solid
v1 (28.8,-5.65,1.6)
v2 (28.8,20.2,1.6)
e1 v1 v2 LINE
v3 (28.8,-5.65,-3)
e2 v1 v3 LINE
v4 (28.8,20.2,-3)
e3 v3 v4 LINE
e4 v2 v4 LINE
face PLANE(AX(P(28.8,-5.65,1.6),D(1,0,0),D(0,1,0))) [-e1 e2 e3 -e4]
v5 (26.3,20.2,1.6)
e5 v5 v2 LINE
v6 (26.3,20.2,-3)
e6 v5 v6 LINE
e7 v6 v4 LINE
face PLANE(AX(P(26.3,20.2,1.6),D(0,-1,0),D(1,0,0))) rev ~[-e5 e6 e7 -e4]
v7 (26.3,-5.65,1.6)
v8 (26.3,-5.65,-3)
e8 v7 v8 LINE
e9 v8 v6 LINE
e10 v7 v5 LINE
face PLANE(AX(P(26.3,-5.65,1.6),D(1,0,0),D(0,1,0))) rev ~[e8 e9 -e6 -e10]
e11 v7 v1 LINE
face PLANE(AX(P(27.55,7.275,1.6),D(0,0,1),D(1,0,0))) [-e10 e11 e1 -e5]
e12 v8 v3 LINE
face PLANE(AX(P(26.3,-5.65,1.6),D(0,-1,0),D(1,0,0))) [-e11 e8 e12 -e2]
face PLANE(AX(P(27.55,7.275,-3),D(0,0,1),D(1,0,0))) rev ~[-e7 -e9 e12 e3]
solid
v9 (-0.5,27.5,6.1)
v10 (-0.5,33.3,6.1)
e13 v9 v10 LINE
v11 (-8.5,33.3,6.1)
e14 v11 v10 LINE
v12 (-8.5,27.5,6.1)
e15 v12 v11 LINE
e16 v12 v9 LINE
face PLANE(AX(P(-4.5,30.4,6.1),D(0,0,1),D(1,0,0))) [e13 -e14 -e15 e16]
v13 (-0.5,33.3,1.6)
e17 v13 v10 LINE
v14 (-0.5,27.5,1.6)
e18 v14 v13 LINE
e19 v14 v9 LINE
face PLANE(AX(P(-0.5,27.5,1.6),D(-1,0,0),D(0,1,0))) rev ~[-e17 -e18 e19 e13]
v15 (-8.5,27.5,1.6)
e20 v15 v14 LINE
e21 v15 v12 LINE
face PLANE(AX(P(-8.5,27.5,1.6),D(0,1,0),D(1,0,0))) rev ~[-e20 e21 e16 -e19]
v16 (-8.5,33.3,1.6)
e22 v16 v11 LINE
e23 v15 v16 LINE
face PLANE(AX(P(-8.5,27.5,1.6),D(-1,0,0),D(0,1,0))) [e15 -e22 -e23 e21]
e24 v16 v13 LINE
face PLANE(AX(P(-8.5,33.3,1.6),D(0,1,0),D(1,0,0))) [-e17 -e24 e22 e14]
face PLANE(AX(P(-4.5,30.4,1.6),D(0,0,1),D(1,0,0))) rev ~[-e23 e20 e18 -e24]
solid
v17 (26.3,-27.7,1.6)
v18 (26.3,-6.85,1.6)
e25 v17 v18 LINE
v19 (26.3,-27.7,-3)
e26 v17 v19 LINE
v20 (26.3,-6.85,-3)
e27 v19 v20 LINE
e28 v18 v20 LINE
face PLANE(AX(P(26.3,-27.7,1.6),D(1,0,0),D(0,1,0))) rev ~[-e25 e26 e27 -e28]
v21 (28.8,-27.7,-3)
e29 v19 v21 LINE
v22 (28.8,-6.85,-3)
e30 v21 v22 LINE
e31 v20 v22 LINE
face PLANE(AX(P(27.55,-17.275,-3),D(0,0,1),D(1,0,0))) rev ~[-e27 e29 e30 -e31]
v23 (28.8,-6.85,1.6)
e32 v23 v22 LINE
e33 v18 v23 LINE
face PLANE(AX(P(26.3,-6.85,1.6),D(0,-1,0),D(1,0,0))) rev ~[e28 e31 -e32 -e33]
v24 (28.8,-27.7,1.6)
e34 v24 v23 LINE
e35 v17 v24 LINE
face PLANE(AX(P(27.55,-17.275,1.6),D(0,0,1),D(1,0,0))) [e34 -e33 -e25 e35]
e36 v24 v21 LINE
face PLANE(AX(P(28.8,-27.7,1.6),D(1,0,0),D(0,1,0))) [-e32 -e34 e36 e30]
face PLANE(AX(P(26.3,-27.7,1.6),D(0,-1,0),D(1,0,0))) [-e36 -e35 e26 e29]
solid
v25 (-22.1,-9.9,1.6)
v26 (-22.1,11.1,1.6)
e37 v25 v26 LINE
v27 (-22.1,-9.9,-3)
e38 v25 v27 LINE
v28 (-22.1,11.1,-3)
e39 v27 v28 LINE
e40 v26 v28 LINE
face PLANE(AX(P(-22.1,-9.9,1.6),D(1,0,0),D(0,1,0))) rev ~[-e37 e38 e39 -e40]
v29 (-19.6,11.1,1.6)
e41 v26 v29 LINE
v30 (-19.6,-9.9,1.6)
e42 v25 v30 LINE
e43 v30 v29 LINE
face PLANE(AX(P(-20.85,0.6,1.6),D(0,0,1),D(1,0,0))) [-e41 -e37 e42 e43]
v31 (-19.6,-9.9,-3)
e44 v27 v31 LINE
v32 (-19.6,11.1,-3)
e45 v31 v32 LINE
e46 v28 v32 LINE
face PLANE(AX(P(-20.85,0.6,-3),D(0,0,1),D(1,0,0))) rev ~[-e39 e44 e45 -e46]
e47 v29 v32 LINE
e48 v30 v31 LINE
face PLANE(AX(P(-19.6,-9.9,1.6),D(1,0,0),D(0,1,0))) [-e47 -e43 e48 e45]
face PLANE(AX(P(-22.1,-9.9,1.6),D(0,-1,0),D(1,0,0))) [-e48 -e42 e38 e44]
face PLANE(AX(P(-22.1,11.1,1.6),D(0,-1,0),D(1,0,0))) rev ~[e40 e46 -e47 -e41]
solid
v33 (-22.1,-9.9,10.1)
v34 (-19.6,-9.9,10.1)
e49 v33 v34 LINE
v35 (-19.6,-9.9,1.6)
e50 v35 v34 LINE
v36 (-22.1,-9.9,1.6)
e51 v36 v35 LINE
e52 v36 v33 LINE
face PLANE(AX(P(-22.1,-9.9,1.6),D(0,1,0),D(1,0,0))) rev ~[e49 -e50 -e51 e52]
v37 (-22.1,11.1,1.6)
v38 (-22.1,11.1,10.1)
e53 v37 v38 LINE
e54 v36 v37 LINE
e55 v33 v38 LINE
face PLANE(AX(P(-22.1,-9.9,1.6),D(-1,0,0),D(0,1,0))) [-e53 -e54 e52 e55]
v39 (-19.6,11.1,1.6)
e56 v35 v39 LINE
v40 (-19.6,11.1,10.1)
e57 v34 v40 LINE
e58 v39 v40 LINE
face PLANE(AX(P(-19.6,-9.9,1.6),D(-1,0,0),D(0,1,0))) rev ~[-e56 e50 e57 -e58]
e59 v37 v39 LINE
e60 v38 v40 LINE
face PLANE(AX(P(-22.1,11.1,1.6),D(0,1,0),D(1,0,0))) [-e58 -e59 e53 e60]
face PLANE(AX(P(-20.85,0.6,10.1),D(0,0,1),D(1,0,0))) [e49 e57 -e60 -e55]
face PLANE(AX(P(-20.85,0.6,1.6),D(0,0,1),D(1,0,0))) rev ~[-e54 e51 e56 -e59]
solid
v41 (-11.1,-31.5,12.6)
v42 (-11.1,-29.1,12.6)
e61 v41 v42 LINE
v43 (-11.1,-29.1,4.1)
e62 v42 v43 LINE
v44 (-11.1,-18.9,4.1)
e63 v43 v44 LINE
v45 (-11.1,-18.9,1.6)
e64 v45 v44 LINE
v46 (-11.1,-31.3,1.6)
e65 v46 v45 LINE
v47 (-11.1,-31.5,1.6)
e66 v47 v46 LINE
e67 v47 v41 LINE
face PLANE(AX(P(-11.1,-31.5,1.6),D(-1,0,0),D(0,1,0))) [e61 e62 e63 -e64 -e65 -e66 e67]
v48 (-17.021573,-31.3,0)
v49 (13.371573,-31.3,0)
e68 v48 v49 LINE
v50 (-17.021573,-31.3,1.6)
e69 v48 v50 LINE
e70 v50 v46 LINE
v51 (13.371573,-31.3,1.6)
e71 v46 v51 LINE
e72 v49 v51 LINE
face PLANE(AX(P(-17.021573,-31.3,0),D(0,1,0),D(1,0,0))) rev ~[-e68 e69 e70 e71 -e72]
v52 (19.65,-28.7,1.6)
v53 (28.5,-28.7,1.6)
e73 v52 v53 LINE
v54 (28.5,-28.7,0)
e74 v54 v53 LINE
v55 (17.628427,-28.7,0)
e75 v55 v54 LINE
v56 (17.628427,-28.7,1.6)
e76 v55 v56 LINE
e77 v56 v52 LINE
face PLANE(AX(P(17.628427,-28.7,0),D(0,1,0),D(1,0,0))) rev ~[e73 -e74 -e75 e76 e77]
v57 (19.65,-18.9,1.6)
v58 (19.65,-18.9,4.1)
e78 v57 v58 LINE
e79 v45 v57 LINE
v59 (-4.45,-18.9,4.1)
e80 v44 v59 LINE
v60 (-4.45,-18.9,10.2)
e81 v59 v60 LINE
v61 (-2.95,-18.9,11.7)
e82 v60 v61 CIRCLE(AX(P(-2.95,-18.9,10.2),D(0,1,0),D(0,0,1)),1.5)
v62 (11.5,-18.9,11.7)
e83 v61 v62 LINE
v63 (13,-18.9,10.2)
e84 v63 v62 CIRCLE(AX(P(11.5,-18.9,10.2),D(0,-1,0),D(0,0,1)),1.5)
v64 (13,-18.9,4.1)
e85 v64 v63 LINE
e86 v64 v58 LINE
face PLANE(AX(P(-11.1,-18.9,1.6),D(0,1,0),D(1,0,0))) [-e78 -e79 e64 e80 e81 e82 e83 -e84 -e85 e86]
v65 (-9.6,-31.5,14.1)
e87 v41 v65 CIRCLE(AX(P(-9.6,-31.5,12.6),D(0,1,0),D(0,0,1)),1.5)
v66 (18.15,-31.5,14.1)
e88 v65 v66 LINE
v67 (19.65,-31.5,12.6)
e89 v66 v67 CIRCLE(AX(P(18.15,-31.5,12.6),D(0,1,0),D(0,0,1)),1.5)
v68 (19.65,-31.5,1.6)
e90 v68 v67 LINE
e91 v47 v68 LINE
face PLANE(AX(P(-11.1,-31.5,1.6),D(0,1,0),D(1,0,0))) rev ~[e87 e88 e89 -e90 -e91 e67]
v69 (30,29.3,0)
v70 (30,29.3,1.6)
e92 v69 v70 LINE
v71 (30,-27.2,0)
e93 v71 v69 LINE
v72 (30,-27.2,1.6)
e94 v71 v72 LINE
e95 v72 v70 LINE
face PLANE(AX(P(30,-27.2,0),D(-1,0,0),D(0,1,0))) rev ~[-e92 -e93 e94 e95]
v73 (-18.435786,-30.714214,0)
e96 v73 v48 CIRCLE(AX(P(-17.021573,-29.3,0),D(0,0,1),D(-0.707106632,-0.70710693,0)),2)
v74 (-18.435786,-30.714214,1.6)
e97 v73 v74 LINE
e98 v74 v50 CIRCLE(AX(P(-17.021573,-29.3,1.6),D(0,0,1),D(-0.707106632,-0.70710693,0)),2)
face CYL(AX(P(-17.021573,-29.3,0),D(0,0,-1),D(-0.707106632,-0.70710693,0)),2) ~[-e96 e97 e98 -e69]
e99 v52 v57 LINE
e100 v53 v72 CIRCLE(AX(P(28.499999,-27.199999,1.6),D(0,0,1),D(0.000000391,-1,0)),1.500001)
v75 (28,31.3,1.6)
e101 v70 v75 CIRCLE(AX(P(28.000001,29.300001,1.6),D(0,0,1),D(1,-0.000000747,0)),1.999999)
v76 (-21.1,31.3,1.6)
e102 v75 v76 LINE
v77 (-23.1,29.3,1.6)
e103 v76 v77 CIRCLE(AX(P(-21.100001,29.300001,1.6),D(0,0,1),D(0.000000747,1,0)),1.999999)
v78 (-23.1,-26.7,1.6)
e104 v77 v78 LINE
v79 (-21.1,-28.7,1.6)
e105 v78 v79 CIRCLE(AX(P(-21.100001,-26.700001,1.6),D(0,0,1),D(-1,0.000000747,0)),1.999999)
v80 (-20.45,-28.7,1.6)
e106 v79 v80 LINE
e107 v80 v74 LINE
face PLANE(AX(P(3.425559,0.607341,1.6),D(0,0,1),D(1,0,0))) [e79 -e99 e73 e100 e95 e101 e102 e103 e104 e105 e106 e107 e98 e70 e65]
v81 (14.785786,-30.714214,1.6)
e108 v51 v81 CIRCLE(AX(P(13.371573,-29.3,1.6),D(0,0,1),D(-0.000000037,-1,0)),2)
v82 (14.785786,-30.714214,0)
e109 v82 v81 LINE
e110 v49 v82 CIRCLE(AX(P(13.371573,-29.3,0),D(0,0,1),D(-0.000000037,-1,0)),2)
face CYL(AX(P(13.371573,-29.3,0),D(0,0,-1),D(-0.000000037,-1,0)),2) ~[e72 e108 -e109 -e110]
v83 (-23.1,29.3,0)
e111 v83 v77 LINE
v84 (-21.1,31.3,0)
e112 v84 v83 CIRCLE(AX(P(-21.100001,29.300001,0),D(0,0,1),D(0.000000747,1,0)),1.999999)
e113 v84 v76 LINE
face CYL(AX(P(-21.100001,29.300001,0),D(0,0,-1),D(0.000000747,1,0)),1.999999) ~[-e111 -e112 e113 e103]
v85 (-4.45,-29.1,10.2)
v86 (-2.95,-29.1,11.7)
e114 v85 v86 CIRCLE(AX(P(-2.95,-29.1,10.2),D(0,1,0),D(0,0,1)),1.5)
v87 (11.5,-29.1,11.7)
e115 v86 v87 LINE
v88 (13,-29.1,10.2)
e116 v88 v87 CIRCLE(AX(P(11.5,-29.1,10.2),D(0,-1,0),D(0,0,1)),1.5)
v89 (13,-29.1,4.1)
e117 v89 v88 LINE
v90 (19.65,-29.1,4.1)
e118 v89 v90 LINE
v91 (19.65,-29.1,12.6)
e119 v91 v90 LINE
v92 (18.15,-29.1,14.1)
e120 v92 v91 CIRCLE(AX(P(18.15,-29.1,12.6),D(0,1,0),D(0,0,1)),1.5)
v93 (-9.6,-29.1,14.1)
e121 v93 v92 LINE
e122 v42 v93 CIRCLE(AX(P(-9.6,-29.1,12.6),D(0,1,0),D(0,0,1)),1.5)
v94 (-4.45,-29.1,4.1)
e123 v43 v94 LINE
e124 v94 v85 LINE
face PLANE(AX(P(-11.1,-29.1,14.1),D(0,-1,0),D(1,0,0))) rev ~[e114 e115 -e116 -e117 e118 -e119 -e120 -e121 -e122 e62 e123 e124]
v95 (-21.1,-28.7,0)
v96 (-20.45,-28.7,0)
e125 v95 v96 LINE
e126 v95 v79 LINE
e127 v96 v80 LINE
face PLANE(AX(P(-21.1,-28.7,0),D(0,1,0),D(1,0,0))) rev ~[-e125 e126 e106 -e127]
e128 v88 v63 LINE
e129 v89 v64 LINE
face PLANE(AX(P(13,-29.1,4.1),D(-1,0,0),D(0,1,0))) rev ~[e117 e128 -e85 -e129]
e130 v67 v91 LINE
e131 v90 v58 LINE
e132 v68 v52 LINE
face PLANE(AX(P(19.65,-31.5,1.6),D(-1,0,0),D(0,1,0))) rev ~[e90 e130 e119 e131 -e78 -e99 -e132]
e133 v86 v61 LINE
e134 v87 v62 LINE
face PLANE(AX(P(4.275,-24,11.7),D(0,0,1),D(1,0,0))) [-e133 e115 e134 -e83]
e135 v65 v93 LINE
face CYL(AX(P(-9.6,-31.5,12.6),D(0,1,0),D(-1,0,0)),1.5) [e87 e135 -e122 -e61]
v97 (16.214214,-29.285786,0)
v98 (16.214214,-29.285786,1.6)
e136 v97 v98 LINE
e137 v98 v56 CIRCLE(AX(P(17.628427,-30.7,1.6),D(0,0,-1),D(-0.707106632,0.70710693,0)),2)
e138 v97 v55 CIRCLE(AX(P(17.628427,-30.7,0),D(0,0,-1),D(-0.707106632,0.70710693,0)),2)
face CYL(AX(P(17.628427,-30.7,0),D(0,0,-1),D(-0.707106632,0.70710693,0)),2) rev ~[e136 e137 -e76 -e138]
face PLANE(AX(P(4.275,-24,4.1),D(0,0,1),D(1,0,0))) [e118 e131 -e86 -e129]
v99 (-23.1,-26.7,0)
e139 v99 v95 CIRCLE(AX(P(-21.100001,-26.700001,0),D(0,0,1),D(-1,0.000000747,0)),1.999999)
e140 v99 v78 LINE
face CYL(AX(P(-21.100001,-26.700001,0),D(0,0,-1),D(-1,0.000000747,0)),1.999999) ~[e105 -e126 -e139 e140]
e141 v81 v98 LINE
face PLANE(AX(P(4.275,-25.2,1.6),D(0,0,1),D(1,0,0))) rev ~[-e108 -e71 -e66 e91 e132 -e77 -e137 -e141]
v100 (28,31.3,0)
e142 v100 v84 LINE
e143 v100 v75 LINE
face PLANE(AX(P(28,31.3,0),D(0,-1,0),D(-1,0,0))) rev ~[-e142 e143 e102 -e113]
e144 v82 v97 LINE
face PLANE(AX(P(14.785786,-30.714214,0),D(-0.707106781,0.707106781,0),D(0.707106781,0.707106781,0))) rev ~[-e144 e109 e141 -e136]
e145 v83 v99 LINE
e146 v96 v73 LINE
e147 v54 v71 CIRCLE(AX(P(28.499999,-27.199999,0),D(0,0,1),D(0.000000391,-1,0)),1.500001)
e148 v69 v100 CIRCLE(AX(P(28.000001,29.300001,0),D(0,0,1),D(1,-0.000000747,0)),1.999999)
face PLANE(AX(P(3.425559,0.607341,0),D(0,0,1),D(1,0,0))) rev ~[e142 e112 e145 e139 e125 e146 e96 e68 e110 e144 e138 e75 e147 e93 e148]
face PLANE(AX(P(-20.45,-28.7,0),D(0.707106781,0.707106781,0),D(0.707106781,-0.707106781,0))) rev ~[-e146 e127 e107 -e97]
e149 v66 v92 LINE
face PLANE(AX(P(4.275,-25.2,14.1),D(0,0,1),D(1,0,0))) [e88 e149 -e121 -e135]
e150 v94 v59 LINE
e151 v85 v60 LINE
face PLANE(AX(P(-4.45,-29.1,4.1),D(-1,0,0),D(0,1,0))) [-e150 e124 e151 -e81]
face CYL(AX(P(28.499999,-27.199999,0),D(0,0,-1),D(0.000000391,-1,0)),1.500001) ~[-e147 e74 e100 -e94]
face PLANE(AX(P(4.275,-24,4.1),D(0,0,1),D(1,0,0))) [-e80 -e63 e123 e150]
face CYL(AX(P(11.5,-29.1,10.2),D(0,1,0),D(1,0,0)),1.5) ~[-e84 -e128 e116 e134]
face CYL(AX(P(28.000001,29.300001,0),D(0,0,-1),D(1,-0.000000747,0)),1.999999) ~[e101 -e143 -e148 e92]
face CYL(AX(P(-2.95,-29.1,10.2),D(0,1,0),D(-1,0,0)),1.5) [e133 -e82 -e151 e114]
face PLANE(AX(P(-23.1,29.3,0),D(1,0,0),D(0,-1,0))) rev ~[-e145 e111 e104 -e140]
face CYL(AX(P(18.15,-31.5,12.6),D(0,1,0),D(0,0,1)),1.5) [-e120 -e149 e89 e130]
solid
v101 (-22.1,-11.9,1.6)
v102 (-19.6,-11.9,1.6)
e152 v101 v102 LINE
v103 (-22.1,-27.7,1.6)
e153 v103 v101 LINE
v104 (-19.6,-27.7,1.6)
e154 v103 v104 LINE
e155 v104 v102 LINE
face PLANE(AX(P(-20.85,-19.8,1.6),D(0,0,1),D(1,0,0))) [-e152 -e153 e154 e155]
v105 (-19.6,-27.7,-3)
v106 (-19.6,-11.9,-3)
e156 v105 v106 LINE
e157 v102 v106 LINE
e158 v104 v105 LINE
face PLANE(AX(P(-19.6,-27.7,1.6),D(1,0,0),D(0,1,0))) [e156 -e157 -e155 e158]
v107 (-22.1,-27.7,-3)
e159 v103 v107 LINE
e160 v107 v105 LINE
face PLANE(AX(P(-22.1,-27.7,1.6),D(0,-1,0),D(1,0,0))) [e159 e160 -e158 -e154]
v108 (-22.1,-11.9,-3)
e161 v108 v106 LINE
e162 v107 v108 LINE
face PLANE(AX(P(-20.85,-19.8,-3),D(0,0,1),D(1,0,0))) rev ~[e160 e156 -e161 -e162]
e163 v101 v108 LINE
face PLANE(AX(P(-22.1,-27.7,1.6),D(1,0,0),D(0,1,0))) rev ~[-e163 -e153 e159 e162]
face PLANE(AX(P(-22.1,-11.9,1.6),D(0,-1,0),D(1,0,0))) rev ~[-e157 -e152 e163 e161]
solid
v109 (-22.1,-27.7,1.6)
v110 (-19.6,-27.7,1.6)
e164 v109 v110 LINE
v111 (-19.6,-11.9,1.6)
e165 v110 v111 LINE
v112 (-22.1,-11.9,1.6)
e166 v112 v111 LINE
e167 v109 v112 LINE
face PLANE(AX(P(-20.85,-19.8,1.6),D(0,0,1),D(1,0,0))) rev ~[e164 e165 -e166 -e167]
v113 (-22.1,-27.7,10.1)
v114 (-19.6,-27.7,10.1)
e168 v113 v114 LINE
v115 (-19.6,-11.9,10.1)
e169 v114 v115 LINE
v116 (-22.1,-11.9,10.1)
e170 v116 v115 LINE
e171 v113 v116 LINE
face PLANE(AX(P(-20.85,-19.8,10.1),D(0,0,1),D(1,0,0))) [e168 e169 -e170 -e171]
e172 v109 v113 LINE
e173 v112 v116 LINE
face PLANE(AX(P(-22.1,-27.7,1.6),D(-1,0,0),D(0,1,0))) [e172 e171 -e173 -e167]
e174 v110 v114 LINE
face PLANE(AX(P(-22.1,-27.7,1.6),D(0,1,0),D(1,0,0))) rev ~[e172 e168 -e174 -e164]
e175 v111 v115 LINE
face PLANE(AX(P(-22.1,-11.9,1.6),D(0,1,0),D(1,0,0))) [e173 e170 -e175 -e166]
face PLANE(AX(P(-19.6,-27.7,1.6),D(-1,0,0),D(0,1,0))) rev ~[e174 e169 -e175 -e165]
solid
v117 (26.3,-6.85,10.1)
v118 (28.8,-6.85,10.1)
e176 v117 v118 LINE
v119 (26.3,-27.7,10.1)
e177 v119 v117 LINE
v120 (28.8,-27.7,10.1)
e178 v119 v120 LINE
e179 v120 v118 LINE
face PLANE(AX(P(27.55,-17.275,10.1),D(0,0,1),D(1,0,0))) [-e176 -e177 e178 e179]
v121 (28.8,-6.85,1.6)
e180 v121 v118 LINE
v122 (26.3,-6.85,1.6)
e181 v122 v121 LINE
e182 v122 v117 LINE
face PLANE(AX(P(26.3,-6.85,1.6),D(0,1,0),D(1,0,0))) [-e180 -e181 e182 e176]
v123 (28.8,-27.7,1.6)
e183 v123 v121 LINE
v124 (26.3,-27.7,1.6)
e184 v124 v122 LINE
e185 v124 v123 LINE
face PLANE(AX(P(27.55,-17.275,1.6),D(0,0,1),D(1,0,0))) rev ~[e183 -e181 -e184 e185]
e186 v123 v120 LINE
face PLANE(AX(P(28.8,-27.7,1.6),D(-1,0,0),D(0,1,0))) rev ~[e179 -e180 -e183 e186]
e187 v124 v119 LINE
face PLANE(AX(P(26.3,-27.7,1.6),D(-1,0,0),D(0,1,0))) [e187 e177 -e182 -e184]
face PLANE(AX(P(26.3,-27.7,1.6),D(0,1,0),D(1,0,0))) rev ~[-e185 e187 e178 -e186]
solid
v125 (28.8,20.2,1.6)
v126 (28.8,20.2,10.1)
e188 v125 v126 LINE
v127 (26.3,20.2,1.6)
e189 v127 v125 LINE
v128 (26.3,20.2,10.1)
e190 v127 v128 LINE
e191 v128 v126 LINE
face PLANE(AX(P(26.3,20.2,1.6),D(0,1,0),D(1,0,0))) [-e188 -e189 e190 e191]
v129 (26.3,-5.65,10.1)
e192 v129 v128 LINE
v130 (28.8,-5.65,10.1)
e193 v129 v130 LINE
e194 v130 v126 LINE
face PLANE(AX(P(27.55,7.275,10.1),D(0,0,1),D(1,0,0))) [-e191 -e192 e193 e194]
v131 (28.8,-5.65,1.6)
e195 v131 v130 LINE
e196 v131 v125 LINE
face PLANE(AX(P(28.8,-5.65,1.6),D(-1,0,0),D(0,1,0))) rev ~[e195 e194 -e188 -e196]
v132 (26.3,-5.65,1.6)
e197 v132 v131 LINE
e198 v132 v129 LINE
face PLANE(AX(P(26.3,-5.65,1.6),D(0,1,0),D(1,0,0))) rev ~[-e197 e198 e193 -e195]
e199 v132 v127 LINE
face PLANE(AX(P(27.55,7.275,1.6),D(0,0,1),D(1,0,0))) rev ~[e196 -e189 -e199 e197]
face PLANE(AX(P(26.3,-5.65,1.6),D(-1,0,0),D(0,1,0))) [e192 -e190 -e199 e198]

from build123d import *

# Parameters (mm, degrees)
F1_DEPTH  = 1.6
F2_W      = 2.5
F2_H      = 25.85
F2_H_2    = 20.85
F2_H_3    = 21
F2_H_4    = 15.8
F3_DEPTH  = 8.5
F4_DEPTH  = 4.6
F5_W      = 8
F5_H      = 5.8
F6_DEPTH  = 4.5
F7_W      = 30.75
F7_H      = 12.6
F8_DEPTH  = 12.5
F9_W      = 30.75
F9_H      = 10.2
F10_DEPTH = 10
F11_W     = 17.45
F11_H     = 10.2
F12_DEPTH = 7.6
F13_R     = 1.5


with BuildPart() as f1:
    # F0 (on Top) → F1 (new body)
    with BuildSketch(Plane.XY):
        with BuildLine():
            Line((28, 31.3), (-21.1, 31.3))
            ThreePointArc((-21.1, 31.3), (-22.514214, 30.714214), (-23.1, 29.3))
            Line((-23.1, 29.3), (-23.1, -26.7))
            ThreePointArc((-23.1, -26.7), (-22.514214, -28.114214), (-21.1, -28.7))
            Line((-21.1, -28.7), (-20.45, -28.7))
            Line((-20.45, -28.7), (-18.435786, -30.714214))
            ThreePointArc((-18.435786, -30.714214), (-17.78694, -31.147759), (-17.021573, -31.3))
            Line((-17.021573, -31.3), (13.371573, -31.3))
            ThreePointArc((13.371573, -31.3), (14.13694, -31.147759), (14.785786, -30.714214))
            Line((14.785786, -30.714214), (16.214214, -29.285786))
            ThreePointArc((16.214214, -29.285786), (16.86306, -28.852241), (17.628427, -28.7))
            Line((17.628427, -28.7), (28.5, -28.7))
            ThreePointArc((28.5, -28.7), (29.56066, -28.26066), (30, -27.2))
            Line((30, -27.2), (30, 29.3))
            ThreePointArc((30, 29.3), (29.414214, 30.714214), (28, 31.3))
        make_face()
    extrude(amount=F1_DEPTH)

    # F7 (on face) → F8 (join)
    with BuildSketch(Plane.XY.offset(1.6)):
        with Locations((4.275, -25.2)):
            Rectangle(F7_W, F7_H)
    extrude(amount=F8_DEPTH)

    # F9 (on face) → F10 (cut)
    with BuildSketch(Plane.XY.offset(14.1)):
        with Locations((4.275, -24)):
            Rectangle(F9_W, F9_H)
    extrude(amount=-F10_DEPTH, mode=Mode.SUBTRACT)

    # F11 (on face) → F12 (join)
    with BuildSketch(Plane.XY.offset(4.1)):
        with Locations((4.275, -24)):
            Rectangle(F11_W, F11_H)
    extrude(amount=F12_DEPTH)

    # F13
    f13_edges = [f1.edges().sort_by_distance(p)[0] for p in [
        (-4.45, -24, 11.7),
        (13, -24, 11.7),
        (19.65, -30.3, 14.1),
        (-11.1, -30.3, 14.1),
    ]]
    fillet(f13_edges, radius=F13_R)


with BuildPart() as f3:
    # F2 (on face) → F3 (new body)
    with BuildSketch(Plane.XY.offset(1.6)):
        with Locations((27.55, 7.275)):
            Rectangle(F2_W, F2_H)
        with Locations((27.55, -17.275)):
            Rectangle(F2_W, F2_H_2)
        with Locations((-20.85, 0.6)):
            Rectangle(F2_W, F2_H_3)
        with Locations((-20.85, -19.8)):
            Rectangle(F2_W, F2_H_4)
    extrude(amount=F3_DEPTH)


with BuildPart() as f4:
    # F2 (on face) → F4 (new body)
    with BuildSketch(Plane.XY.offset(1.6)):
        with Locations((27.55, 7.275)):
            Rectangle(F2_W, F2_H)
        with Locations((27.55, -17.275)):
            Rectangle(F2_W, F2_H_2)
        with Locations((-20.85, 0.6)):
            Rectangle(F2_W, F2_H_3)
        with Locations((-20.85, -19.8)):
            Rectangle(F2_W, F2_H_4)
    extrude(amount=-F4_DEPTH)


with BuildPart() as f6:
    # F5 (on face) → F6 (new body)
    with BuildSketch(Plane.XY.offset(1.6)):
        with Locations((-4.5, 30.4)):
            Rectangle(F5_W, F5_H)
    extrude(amount=F6_DEPTH)


solid = Compound([f1.part, f3.part, f4.part, f6.part])
